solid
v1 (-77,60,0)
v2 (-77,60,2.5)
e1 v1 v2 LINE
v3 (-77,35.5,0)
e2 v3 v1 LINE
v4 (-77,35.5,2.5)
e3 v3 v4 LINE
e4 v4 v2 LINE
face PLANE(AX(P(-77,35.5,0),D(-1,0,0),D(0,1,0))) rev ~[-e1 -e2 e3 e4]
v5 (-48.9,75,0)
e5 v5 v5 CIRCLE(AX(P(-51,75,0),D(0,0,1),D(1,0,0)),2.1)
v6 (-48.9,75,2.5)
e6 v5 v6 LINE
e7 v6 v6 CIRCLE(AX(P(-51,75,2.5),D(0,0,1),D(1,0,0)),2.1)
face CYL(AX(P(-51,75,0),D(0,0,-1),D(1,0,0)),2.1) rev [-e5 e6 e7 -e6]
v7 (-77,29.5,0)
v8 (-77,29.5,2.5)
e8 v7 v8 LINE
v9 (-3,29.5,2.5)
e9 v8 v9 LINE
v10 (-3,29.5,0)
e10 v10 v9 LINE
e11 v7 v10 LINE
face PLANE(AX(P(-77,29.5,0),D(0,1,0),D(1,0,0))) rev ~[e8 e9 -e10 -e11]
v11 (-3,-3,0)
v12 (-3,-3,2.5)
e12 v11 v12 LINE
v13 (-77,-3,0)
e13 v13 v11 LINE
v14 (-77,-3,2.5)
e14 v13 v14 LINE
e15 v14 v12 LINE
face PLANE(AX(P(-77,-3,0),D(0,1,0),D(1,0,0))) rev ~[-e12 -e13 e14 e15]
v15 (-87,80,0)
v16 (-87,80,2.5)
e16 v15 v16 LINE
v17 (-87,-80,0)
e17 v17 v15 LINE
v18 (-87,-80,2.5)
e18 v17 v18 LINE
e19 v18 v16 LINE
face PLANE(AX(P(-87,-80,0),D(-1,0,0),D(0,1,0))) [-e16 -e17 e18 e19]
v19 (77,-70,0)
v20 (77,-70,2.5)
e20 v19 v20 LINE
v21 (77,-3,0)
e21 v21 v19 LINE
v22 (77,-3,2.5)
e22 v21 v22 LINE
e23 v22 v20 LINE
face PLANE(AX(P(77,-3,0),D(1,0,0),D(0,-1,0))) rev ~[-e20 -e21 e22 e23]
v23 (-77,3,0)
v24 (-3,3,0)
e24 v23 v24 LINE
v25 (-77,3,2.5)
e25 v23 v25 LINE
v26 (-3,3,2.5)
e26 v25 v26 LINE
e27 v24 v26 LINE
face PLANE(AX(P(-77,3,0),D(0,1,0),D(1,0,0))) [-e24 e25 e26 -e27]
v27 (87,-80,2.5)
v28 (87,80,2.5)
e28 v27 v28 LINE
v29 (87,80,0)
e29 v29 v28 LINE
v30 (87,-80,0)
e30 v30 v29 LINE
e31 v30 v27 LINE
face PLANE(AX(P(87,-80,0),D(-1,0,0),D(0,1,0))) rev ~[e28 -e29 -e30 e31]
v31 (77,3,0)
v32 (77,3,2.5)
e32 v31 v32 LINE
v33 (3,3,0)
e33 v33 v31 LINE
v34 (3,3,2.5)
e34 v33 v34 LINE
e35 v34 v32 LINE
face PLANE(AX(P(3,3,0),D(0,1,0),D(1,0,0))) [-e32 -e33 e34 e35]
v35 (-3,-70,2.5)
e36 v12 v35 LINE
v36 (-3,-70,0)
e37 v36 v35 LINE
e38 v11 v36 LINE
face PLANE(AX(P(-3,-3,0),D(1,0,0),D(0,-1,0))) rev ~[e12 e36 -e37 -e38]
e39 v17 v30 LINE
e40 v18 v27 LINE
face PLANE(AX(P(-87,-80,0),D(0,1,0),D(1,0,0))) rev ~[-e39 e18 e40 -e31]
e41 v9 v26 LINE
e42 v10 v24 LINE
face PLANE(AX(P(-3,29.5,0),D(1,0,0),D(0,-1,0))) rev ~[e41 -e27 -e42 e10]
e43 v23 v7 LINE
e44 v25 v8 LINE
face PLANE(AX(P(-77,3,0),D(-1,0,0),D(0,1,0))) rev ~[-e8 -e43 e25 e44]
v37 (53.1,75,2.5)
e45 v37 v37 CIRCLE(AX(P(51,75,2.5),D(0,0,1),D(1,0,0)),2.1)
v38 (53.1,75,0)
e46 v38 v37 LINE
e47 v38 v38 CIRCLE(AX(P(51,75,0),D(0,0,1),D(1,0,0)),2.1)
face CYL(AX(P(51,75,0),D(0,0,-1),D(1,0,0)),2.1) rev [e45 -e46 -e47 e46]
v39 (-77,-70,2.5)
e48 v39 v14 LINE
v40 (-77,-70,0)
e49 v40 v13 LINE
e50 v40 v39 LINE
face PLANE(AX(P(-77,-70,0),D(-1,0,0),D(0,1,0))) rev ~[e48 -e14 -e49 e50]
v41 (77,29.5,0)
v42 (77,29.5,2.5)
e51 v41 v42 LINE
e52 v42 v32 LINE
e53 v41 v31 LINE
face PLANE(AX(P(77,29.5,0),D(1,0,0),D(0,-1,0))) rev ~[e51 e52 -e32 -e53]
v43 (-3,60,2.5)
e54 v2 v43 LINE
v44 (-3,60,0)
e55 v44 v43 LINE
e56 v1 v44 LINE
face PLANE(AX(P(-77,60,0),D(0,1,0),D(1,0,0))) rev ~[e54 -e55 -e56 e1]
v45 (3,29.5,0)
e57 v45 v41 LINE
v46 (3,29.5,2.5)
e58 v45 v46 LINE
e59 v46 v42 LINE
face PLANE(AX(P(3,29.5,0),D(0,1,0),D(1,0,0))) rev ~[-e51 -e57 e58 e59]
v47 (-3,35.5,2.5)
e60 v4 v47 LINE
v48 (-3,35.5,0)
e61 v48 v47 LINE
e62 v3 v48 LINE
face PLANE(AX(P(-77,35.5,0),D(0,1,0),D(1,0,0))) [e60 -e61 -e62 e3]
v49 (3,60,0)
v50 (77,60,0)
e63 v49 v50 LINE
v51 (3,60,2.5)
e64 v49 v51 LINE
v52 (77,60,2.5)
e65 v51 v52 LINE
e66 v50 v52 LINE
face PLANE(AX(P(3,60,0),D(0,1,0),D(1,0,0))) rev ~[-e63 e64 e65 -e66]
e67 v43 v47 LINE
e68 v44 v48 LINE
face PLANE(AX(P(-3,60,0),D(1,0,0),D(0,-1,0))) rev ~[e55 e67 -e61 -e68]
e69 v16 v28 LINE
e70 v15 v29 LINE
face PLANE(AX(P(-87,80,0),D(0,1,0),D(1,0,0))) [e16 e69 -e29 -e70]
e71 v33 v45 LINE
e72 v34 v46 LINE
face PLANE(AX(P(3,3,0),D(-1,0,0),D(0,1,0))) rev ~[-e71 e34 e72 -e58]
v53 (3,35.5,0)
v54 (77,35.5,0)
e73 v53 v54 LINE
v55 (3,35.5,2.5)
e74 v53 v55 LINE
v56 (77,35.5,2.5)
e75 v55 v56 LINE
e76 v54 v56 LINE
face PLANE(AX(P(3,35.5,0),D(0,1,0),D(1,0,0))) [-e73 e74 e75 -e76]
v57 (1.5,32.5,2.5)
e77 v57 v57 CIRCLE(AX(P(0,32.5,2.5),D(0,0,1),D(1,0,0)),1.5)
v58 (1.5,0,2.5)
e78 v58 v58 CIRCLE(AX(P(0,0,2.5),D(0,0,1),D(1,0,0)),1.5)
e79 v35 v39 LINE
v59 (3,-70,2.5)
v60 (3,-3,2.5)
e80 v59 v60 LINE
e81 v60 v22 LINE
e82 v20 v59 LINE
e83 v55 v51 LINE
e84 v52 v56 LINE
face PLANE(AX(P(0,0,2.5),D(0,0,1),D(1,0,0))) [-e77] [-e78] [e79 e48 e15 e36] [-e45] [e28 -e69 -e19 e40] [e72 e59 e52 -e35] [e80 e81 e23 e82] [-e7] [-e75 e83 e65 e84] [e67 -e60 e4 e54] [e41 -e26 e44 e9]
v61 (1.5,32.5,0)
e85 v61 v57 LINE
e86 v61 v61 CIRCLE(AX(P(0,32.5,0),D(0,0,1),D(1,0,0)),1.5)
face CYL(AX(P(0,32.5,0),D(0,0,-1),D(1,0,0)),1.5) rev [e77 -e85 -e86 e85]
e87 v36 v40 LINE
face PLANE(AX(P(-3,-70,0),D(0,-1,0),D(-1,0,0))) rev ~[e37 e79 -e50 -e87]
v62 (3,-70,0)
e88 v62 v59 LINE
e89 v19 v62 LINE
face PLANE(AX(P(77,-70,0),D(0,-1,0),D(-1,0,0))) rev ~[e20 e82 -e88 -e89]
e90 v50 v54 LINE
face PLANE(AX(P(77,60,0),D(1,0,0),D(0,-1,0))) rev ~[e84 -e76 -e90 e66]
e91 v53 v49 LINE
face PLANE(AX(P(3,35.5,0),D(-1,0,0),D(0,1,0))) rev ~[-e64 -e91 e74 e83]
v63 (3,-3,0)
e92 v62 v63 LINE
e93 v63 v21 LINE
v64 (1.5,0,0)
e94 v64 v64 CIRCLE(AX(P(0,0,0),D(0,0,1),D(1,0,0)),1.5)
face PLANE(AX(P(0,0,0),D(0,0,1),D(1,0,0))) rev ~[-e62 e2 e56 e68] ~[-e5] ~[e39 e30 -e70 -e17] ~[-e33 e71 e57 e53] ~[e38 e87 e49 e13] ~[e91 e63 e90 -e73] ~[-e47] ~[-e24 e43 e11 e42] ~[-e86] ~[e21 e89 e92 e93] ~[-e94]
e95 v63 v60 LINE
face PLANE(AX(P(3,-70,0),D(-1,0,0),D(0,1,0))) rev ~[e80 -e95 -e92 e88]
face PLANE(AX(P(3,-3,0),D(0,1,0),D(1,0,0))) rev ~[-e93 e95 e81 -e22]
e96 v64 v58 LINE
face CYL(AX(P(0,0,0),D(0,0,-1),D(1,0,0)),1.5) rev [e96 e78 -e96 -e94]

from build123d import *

# Parameters (mm, degrees)
F0_W     = 174
F0_H     = 160
F0_R     = 2.1
F0_W_2   = 6
F0_H_2   = 6
F0_R_2   = 1.5
F0_H_3   = 26.5
F0_W_3   = 74
F1_DEPTH = 2.5


with BuildPart() as f1:
    # F0 (on Top) → F1 (new body)
    with BuildSketch(Plane.XY):
        Rectangle(F0_W, F0_H)
        Polygon((77, -3), (77, -70), (3, -70), (3, -3), (-3, -3), (-3, -70), (-77, -70), (-77, -3), (-77, 3), (-77, 29.5), (-77, 35.5), (-77, 60), (-3, 60), (-3, 35.5), (3, 35.5), (3, 60), (77, 60), (77, 35.5), (77, 29.5), (77, 3), align=None, mode=Mode.SUBTRACT)
        with Locations((-51, 75)):
            Circle(F0_R, mode=Mode.SUBTRACT)
        with Locations((51, 75)):
            Circle(F0_R, mode=Mode.SUBTRACT)
        with Locations((0, 32.5)):
            Rectangle(F0_W_2, F0_H_2)
        with Locations((0, 32.5)):
            Circle(F0_R_2, mode=Mode.SUBTRACT)
        with Locations((0, 16.25)):
            Rectangle(F0_W_2, F0_H_3)
        Rectangle(F0_W_2, F0_H_2)
        Circle(F0_R_2, mode=Mode.SUBTRACT)
        with Locations((40, 0)):
            Rectangle(F0_W_3, F0_H_2)
        with Locations((-40, 0)):
            Rectangle(F0_W_3, F0_H_2)
        with Locations((-40, 32.5)):
            Rectangle(F0_W_3, F0_H_2)
        with Locations((40, 32.5)):
            Rectangle(F0_W_3, F0_H_2)
    extrude(amount=F1_DEPTH)


solid = f1.part
